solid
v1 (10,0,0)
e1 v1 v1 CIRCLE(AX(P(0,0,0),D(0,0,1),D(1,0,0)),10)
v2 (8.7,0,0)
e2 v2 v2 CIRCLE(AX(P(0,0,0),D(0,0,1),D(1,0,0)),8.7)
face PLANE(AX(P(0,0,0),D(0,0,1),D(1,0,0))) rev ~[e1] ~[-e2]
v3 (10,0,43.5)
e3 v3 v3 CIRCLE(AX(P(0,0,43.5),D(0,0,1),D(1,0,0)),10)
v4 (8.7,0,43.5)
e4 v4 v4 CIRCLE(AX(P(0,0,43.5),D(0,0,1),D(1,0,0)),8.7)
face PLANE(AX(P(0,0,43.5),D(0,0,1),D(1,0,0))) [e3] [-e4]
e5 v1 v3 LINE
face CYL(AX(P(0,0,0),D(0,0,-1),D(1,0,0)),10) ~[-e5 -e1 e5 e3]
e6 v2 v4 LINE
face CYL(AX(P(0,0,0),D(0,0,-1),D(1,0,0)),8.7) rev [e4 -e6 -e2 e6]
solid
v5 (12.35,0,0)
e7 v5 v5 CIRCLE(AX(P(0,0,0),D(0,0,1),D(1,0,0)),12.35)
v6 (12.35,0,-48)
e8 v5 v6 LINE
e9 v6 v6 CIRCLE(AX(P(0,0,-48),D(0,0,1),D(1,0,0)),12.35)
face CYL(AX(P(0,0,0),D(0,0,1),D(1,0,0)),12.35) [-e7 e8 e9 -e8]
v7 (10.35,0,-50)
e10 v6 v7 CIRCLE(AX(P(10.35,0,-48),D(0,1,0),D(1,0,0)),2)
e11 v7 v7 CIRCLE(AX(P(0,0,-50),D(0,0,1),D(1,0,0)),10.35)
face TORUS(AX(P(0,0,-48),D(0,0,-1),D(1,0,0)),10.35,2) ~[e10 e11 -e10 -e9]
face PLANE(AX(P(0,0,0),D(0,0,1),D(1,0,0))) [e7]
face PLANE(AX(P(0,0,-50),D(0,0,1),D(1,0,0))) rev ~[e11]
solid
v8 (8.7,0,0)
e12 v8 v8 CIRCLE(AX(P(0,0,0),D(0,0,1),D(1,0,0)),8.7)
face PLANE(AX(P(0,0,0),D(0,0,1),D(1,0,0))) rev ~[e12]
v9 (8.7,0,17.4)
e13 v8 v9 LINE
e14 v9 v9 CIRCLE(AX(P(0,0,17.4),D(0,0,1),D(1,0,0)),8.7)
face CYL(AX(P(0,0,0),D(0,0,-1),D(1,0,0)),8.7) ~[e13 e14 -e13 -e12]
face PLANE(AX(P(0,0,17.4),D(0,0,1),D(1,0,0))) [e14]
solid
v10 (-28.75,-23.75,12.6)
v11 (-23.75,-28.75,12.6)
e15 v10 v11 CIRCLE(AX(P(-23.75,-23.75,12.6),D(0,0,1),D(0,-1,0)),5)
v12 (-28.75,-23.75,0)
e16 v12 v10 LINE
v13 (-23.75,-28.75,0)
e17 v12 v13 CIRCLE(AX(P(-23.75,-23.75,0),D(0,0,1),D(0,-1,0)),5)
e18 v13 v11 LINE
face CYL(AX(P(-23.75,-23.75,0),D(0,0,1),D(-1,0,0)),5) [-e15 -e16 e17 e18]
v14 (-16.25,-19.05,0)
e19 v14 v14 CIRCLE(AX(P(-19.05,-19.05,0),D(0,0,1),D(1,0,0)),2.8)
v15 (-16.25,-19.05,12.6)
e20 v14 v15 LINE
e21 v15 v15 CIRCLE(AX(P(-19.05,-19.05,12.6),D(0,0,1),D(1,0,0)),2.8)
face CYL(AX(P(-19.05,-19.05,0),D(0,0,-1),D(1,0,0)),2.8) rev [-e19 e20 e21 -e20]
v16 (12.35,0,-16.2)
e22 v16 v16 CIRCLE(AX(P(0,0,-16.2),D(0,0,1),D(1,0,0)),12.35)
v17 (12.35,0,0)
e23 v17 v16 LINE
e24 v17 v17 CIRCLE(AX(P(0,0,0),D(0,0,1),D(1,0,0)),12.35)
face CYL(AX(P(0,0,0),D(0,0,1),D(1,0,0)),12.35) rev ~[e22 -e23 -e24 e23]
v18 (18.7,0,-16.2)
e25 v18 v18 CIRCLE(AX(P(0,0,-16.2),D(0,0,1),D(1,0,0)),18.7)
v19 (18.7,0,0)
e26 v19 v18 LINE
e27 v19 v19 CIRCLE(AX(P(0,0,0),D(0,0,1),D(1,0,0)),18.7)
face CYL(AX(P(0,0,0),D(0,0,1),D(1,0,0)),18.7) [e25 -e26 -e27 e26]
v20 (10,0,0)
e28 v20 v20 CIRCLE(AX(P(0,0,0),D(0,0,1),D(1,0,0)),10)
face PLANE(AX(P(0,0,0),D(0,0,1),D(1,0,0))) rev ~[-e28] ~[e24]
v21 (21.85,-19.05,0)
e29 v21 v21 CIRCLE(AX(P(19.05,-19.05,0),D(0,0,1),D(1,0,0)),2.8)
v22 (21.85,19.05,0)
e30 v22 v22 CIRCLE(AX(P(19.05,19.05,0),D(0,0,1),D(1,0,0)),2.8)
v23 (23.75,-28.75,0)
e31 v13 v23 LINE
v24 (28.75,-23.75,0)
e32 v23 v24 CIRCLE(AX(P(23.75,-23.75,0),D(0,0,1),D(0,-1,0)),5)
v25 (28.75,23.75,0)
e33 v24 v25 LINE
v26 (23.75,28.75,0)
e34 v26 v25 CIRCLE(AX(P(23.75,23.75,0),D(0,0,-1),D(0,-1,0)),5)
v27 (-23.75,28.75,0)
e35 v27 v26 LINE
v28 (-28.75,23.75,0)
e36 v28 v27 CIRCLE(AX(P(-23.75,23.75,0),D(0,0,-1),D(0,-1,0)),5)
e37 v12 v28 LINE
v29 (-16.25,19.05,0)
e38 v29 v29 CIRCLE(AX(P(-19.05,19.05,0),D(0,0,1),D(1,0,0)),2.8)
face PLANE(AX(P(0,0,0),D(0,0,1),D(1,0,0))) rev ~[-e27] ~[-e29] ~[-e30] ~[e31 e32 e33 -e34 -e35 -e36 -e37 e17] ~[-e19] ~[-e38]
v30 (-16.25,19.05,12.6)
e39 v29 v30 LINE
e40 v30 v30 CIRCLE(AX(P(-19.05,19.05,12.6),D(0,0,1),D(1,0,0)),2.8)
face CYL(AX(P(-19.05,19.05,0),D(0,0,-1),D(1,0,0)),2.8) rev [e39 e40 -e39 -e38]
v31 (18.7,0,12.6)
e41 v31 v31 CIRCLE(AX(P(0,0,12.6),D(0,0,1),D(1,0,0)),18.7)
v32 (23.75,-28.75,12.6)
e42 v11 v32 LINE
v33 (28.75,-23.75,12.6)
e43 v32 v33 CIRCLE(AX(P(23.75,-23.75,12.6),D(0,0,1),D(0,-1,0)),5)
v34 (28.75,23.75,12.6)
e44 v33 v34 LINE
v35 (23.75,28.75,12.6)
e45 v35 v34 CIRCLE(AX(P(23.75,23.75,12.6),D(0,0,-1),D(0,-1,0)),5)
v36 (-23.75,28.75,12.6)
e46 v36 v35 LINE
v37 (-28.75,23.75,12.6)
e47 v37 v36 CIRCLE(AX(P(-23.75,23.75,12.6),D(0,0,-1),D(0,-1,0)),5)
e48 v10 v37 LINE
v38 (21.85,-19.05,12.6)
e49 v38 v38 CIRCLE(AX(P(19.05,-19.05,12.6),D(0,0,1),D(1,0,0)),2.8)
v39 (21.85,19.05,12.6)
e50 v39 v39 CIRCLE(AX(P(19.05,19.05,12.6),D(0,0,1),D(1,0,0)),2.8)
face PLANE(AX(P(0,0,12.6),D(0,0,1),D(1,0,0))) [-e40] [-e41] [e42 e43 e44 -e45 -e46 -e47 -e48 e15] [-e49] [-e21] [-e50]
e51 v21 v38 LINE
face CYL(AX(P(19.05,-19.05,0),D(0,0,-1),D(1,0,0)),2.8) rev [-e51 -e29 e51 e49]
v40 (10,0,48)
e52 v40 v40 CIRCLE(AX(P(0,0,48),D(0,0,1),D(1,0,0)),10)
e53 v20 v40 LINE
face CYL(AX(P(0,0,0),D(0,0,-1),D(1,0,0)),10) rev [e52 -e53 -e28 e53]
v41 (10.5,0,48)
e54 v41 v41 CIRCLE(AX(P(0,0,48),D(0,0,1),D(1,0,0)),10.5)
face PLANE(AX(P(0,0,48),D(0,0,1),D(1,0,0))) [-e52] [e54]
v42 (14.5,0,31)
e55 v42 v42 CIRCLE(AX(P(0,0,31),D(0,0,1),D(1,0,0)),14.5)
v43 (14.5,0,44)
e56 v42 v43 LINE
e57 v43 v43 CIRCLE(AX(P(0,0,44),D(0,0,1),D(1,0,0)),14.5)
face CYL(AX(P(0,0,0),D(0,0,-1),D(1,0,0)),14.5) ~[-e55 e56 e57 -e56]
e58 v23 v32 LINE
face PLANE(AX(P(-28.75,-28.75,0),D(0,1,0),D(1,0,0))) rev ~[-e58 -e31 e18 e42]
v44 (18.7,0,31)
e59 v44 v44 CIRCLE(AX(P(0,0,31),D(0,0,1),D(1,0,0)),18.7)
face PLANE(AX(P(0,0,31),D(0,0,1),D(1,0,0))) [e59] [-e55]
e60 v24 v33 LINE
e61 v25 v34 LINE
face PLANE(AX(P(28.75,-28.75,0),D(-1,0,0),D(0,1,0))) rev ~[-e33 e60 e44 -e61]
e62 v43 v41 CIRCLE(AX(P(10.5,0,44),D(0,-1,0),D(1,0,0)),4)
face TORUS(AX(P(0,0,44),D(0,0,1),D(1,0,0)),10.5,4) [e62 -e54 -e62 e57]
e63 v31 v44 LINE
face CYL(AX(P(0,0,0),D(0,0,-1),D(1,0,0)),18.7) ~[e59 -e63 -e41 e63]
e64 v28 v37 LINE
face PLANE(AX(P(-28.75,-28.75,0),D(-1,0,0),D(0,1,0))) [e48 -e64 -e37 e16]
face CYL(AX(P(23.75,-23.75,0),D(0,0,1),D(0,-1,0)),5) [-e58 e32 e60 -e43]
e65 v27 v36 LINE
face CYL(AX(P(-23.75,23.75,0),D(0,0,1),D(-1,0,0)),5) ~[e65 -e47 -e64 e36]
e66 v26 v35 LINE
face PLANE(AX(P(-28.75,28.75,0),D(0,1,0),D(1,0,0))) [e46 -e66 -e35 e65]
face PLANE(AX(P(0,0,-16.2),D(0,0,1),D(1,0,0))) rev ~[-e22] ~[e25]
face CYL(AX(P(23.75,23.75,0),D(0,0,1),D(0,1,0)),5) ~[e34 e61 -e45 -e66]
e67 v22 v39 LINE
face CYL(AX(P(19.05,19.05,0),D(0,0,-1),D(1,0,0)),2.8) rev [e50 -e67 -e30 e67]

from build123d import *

# Parameters (mm, degrees)
F0_W      = 57.5
F0_H      = 57.5
F0_R      = 2.8
F0_R_2    = 18.7
F1_DEPTH  = 12.6
F0_R_3    = 14.5
F2_DEPTH  = 31
F0_R_4    = 10
F3_DEPTH  = 48
F0_R_5    = 8.7
F4_DEPTH  = 43.5
F5_DEPTH  = 17.4
F6_R      = 4
F7_R      = 5
F8_R      = 12.35
F9_DEPTH  = 50
F8_R_2    = 18.7
F10_DEPTH = 16.2
F11_R     = 2


with BuildPart() as f1:
    # F0 (on Top) → F1 (new body)
    with BuildSketch(Plane.XY):
        Rectangle(F0_W, F0_H)
        with Locations((-19.05, -19.05)):
            Circle(F0_R, mode=Mode.SUBTRACT)
        with Locations((19.05, -19.05)):
            Circle(F0_R, mode=Mode.SUBTRACT)
        with Locations((-19.05, 19.05)):
            Circle(F0_R, mode=Mode.SUBTRACT)
        Circle(F0_R_2, mode=Mode.SUBTRACT)
        with Locations((19.05, 19.05)):
            Circle(F0_R, mode=Mode.SUBTRACT)
    extrude(amount=F1_DEPTH)

    # F0 (on Top) → F2 (join)
    with BuildSketch(Plane.XY):
        Circle(F0_R_2)
        Circle(F0_R_3, mode=Mode.SUBTRACT)
    extrude(amount=F2_DEPTH)

    # F0 (on Top) → F3 (join)
    with BuildSketch(Plane.XY):
        Circle(F0_R_3)
        Circle(F0_R_4, mode=Mode.SUBTRACT)
    extrude(amount=F3_DEPTH)

    # F6
    f6_edges = [f1.edges().sort_by_distance(p)[0] for p in [
        (-14.5, 0, 48),
    ]]
    fillet(f6_edges, radius=F6_R)

    # F7
    f7_edges = [f1.edges().sort_by_distance(p)[0] for p in [
        (-28.75, -28.75, 6.3),
        (28.75, -28.75, 6.3),
        (28.75, 28.75, 6.3),
        (-28.75, 28.75, 6.3),
    ]]
    fillet(f7_edges, radius=F7_R)

    # F8 (on face) → F10 (join)
    with BuildSketch(Plane.XY):
        Circle(F8_R_2)
        Circle(F8_R, mode=Mode.SUBTRACT)
    extrude(amount=-F10_DEPTH)


with BuildPart() as f4:
    # F0 (on Top) → F4 (new body)
    with BuildSketch(Plane.XY):
        Circle(F0_R_4)
        Circle(F0_R_5, mode=Mode.SUBTRACT)
    extrude(amount=F4_DEPTH)


with BuildPart() as f5:
    # F0 (on Top) → F5 (new body)
    with BuildSketch(Plane.XY):
        Circle(F0_R_5)
    extrude(amount=F5_DEPTH)


with BuildPart() as f9:
    # F8 (on face) → F9 (new body)
    with BuildSketch(Plane.XY):
        Circle(F8_R)
    extrude(amount=-F9_DEPTH)

    # F11
    f11_edges = [f9.edges().sort_by_distance(p)[0] for p in [
        (-12.35, 0, -50),
    ]]
    fillet(f11_edges, radius=F11_R)


solid = Compound([f1.part, f4.part, f5.part, f9.part])
